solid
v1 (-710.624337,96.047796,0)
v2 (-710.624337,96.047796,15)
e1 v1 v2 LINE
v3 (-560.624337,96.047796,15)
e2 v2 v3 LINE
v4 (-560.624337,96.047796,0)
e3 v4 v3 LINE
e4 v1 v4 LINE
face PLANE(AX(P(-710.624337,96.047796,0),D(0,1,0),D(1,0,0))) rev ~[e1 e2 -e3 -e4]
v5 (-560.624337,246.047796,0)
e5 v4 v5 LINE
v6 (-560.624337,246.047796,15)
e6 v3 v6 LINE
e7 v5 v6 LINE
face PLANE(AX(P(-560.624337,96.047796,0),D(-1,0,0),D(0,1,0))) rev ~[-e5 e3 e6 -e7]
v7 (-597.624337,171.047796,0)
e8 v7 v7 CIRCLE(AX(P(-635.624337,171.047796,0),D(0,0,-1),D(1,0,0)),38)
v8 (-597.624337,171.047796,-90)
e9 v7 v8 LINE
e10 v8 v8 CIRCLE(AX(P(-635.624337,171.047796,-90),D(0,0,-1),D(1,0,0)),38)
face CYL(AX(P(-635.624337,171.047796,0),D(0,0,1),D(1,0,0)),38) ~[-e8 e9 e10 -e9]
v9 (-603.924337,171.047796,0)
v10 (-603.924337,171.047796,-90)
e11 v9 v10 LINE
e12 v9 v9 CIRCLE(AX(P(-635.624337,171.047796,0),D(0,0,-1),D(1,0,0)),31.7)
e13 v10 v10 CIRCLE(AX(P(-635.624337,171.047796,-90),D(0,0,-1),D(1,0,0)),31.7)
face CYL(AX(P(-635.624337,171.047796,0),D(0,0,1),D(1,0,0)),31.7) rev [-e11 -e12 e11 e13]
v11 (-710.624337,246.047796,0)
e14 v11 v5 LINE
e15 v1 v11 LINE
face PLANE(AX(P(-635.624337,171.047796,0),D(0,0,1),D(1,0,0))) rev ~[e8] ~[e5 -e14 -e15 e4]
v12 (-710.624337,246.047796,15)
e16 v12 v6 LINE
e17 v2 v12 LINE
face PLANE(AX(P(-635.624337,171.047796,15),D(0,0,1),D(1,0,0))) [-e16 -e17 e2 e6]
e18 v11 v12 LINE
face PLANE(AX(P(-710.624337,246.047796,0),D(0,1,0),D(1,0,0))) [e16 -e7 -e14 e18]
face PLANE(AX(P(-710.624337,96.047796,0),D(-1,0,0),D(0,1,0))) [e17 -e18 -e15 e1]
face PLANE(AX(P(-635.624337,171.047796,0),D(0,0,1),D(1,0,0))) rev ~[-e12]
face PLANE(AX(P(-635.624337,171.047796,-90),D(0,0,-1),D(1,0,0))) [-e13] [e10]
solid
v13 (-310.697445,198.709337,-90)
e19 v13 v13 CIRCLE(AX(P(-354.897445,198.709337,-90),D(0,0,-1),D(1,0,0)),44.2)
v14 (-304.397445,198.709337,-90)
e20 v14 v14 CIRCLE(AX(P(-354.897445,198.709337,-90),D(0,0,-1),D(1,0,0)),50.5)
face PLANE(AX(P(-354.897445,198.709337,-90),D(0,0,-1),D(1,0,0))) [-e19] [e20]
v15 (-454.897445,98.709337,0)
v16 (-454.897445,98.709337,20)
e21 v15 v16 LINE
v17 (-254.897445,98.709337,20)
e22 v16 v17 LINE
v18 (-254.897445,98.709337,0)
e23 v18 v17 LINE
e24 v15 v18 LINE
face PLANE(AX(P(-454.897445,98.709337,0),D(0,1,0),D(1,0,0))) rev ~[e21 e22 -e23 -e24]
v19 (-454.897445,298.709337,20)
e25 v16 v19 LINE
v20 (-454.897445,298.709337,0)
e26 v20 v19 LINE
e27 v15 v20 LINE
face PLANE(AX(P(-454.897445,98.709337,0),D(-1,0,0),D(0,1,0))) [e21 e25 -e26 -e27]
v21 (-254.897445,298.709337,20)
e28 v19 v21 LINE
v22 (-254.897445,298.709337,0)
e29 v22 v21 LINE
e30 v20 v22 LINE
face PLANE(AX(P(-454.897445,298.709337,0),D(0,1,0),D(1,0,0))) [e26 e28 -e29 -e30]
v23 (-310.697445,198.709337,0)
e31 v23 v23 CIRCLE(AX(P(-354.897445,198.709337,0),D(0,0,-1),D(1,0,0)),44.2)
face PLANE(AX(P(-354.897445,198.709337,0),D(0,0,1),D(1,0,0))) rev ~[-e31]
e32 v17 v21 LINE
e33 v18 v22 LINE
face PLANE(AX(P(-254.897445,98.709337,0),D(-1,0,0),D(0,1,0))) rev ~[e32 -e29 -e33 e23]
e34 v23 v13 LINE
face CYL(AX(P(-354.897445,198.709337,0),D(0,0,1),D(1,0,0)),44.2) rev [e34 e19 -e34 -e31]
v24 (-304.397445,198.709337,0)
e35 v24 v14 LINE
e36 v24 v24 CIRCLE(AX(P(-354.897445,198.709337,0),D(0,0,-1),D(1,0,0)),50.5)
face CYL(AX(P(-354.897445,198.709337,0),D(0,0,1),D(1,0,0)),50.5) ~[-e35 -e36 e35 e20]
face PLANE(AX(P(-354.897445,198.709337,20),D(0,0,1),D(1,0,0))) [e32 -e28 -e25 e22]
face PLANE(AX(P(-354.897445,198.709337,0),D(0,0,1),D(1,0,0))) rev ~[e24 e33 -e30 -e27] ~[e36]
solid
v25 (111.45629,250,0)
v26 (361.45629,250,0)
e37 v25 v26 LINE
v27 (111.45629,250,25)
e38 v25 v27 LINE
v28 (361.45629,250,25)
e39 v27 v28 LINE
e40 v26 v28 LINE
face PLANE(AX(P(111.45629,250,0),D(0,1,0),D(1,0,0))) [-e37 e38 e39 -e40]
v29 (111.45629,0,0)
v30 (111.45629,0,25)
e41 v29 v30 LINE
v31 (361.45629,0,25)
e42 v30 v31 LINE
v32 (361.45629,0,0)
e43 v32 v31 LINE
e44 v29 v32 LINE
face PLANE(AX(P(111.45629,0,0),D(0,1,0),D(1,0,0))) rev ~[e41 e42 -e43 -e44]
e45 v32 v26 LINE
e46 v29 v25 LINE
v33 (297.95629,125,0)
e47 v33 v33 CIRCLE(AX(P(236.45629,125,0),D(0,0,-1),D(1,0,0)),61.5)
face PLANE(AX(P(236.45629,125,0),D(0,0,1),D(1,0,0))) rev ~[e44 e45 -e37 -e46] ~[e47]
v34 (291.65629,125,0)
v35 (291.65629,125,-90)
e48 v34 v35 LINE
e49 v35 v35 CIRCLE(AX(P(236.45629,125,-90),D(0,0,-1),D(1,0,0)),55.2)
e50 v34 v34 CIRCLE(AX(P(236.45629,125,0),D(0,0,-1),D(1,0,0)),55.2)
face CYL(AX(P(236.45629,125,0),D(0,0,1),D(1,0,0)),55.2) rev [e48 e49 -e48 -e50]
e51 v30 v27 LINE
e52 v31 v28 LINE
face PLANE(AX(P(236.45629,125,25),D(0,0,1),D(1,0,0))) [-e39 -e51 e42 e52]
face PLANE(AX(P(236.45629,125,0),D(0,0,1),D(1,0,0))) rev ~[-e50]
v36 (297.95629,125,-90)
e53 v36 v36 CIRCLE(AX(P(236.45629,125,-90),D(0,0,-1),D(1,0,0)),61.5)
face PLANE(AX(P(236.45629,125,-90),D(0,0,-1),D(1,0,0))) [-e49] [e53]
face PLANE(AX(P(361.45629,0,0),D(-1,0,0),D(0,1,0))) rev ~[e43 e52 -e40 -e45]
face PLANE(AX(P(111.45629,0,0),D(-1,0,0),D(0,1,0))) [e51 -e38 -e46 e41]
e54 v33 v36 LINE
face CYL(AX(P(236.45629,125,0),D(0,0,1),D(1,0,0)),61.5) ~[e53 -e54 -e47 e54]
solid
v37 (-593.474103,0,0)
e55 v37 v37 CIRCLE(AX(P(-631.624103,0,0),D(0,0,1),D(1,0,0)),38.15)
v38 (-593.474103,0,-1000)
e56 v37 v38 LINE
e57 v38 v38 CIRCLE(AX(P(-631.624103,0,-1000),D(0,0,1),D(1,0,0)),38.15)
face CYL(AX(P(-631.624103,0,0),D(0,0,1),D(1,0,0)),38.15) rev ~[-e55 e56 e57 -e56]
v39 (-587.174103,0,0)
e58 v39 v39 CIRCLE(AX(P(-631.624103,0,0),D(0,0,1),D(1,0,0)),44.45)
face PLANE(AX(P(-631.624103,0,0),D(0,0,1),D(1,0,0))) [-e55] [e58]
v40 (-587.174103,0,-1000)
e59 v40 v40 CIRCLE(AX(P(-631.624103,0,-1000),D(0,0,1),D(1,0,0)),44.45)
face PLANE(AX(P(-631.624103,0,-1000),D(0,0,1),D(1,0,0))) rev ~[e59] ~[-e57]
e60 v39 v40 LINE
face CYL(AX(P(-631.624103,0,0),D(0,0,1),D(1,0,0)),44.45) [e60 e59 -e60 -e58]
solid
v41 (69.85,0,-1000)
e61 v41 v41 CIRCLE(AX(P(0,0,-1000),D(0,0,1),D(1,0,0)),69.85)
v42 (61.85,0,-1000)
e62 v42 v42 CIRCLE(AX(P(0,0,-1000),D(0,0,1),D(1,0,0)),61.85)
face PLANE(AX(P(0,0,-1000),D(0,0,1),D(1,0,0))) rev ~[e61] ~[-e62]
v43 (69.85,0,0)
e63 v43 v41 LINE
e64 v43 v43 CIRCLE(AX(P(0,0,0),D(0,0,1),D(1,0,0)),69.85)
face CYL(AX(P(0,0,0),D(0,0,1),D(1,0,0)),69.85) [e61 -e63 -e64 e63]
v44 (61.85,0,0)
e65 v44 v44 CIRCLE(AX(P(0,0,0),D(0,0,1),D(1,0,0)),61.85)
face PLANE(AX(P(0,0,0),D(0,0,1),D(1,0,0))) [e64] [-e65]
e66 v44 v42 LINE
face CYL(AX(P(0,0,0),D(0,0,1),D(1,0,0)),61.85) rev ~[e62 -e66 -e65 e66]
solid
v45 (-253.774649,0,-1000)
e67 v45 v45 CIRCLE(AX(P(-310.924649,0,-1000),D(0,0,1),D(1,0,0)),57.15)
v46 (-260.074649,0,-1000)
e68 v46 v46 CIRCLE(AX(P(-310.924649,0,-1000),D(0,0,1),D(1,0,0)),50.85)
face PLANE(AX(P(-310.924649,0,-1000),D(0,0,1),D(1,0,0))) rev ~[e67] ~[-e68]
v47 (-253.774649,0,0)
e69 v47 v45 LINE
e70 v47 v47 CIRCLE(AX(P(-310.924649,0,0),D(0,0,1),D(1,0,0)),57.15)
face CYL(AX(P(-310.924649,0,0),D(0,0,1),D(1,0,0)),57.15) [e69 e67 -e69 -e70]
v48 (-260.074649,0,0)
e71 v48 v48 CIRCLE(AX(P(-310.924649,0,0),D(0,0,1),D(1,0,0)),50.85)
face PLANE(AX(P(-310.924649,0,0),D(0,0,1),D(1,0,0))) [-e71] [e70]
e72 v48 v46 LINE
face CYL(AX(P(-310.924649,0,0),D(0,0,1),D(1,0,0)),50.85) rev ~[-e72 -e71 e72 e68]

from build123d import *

# Parameters (mm, degrees)
F0_R      = 69.85
F0_R_2    = 61.85
F1_DEPTH  = 1000
F2_W      = 250
F2_H      = 250
F3_DEPTH  = 25
F4_R      = 57.15
F4_R_2    = 50.85
F5_DEPTH  = 1000
F6_W      = 200
F6_H      = 200
F7_DEPTH  = 20
F8_R      = 50.5
F8_R_2    = 44.2
F9_DEPTH  = 90
F10_R     = 61.5
F10_R_2   = 55.2
F11_DEPTH = 90
F12_R     = 44.45
F12_R_2   = 38.15
F13_DEPTH = 1000
F14_W     = 150
F14_H     = 150
F15_DEPTH = 15
F16_R     = 38
F16_R_2   = 31.7
F17_DEPTH = 90


with BuildPart() as f1:
    # F0 (on Top) → F1 (new body)
    with BuildSketch(Plane.XY):
        Circle(F0_R)
        Circle(F0_R_2, mode=Mode.SUBTRACT)
    extrude(amount=-F1_DEPTH)


with BuildPart() as f3:
    # F2 (on Top) → F3 (new body)
    with BuildSketch(Plane.XY):
        with Locations((236.45629, 125)):
            Rectangle(F2_W, F2_H)
    extrude(amount=F3_DEPTH)

    # F10 (on face) → F11 (join)
    with BuildSketch(Plane(origin=(0, 0, 0), x_dir=(1, 0, 0), z_dir=(0, 0, -1))):
        with Locations((236.45629, -125)):
            Circle(F10_R)
        with Locations((236.45629, -125)):
            Circle(F10_R_2, mode=Mode.SUBTRACT)
    extrude(amount=F11_DEPTH)


with BuildPart() as f5:
    # F4 (on Top) → F5 (new body)
    with BuildSketch(Plane.XY):
        with Locations((-310.924649, 0)):
            Circle(F4_R)
        with Locations((-310.924649, 0)):
            Circle(F4_R_2, mode=Mode.SUBTRACT)
    extrude(amount=-F5_DEPTH)


with BuildPart() as f7:
    # F6 (on Top) → F7 (new body)
    with BuildSketch(Plane.XY):
        with Locations((-354.897445, 198.709337)):
            Rectangle(F6_W, F6_H)
    extrude(amount=F7_DEPTH)

    # F8 (on face) → F9 (join)
    with BuildSketch(Plane(origin=(0, 0, 0), x_dir=(1, 0, 0), z_dir=(0, 0, -1))):
        with Locations((-354.897445, -198.709337)):
            Circle(F8_R)
        with Locations((-354.897445, -198.709337)):
            Circle(F8_R_2, mode=Mode.SUBTRACT)
    extrude(amount=F9_DEPTH)


with BuildPart() as f13:
    # F12 (on Top) → F13 (new body)
    with BuildSketch(Plane.XY):
        with Locations((-631.624103, 0)):
            Circle(F12_R)
        with Locations((-631.624103, 0)):
            Circle(F12_R_2, mode=Mode.SUBTRACT)
    extrude(amount=-F13_DEPTH)


with BuildPart() as f15:
    # F14 (on Top) → F15 (new body)
    with BuildSketch(Plane.XY):
        with Locations((-635.624337, 171.047796)):
            Rectangle(F14_W, F14_H)
    extrude(amount=F15_DEPTH)

    # F16 (on face) → F17 (join)
    with BuildSketch(Plane(origin=(0, 0, 0), x_dir=(1, 0, 0), z_dir=(0, 0, -1))):
        with Locations((-635.624337, -171.047796)):
            Circle(F16_R)
        with Locations((-635.624337, -171.047796)):
            Circle(F16_R_2, mode=Mode.SUBTRACT)
    extrude(amount=F17_DEPTH)


solid = Compound([f1.part, f3.part, f5.part, f7.part, f13.part, f15.part])
